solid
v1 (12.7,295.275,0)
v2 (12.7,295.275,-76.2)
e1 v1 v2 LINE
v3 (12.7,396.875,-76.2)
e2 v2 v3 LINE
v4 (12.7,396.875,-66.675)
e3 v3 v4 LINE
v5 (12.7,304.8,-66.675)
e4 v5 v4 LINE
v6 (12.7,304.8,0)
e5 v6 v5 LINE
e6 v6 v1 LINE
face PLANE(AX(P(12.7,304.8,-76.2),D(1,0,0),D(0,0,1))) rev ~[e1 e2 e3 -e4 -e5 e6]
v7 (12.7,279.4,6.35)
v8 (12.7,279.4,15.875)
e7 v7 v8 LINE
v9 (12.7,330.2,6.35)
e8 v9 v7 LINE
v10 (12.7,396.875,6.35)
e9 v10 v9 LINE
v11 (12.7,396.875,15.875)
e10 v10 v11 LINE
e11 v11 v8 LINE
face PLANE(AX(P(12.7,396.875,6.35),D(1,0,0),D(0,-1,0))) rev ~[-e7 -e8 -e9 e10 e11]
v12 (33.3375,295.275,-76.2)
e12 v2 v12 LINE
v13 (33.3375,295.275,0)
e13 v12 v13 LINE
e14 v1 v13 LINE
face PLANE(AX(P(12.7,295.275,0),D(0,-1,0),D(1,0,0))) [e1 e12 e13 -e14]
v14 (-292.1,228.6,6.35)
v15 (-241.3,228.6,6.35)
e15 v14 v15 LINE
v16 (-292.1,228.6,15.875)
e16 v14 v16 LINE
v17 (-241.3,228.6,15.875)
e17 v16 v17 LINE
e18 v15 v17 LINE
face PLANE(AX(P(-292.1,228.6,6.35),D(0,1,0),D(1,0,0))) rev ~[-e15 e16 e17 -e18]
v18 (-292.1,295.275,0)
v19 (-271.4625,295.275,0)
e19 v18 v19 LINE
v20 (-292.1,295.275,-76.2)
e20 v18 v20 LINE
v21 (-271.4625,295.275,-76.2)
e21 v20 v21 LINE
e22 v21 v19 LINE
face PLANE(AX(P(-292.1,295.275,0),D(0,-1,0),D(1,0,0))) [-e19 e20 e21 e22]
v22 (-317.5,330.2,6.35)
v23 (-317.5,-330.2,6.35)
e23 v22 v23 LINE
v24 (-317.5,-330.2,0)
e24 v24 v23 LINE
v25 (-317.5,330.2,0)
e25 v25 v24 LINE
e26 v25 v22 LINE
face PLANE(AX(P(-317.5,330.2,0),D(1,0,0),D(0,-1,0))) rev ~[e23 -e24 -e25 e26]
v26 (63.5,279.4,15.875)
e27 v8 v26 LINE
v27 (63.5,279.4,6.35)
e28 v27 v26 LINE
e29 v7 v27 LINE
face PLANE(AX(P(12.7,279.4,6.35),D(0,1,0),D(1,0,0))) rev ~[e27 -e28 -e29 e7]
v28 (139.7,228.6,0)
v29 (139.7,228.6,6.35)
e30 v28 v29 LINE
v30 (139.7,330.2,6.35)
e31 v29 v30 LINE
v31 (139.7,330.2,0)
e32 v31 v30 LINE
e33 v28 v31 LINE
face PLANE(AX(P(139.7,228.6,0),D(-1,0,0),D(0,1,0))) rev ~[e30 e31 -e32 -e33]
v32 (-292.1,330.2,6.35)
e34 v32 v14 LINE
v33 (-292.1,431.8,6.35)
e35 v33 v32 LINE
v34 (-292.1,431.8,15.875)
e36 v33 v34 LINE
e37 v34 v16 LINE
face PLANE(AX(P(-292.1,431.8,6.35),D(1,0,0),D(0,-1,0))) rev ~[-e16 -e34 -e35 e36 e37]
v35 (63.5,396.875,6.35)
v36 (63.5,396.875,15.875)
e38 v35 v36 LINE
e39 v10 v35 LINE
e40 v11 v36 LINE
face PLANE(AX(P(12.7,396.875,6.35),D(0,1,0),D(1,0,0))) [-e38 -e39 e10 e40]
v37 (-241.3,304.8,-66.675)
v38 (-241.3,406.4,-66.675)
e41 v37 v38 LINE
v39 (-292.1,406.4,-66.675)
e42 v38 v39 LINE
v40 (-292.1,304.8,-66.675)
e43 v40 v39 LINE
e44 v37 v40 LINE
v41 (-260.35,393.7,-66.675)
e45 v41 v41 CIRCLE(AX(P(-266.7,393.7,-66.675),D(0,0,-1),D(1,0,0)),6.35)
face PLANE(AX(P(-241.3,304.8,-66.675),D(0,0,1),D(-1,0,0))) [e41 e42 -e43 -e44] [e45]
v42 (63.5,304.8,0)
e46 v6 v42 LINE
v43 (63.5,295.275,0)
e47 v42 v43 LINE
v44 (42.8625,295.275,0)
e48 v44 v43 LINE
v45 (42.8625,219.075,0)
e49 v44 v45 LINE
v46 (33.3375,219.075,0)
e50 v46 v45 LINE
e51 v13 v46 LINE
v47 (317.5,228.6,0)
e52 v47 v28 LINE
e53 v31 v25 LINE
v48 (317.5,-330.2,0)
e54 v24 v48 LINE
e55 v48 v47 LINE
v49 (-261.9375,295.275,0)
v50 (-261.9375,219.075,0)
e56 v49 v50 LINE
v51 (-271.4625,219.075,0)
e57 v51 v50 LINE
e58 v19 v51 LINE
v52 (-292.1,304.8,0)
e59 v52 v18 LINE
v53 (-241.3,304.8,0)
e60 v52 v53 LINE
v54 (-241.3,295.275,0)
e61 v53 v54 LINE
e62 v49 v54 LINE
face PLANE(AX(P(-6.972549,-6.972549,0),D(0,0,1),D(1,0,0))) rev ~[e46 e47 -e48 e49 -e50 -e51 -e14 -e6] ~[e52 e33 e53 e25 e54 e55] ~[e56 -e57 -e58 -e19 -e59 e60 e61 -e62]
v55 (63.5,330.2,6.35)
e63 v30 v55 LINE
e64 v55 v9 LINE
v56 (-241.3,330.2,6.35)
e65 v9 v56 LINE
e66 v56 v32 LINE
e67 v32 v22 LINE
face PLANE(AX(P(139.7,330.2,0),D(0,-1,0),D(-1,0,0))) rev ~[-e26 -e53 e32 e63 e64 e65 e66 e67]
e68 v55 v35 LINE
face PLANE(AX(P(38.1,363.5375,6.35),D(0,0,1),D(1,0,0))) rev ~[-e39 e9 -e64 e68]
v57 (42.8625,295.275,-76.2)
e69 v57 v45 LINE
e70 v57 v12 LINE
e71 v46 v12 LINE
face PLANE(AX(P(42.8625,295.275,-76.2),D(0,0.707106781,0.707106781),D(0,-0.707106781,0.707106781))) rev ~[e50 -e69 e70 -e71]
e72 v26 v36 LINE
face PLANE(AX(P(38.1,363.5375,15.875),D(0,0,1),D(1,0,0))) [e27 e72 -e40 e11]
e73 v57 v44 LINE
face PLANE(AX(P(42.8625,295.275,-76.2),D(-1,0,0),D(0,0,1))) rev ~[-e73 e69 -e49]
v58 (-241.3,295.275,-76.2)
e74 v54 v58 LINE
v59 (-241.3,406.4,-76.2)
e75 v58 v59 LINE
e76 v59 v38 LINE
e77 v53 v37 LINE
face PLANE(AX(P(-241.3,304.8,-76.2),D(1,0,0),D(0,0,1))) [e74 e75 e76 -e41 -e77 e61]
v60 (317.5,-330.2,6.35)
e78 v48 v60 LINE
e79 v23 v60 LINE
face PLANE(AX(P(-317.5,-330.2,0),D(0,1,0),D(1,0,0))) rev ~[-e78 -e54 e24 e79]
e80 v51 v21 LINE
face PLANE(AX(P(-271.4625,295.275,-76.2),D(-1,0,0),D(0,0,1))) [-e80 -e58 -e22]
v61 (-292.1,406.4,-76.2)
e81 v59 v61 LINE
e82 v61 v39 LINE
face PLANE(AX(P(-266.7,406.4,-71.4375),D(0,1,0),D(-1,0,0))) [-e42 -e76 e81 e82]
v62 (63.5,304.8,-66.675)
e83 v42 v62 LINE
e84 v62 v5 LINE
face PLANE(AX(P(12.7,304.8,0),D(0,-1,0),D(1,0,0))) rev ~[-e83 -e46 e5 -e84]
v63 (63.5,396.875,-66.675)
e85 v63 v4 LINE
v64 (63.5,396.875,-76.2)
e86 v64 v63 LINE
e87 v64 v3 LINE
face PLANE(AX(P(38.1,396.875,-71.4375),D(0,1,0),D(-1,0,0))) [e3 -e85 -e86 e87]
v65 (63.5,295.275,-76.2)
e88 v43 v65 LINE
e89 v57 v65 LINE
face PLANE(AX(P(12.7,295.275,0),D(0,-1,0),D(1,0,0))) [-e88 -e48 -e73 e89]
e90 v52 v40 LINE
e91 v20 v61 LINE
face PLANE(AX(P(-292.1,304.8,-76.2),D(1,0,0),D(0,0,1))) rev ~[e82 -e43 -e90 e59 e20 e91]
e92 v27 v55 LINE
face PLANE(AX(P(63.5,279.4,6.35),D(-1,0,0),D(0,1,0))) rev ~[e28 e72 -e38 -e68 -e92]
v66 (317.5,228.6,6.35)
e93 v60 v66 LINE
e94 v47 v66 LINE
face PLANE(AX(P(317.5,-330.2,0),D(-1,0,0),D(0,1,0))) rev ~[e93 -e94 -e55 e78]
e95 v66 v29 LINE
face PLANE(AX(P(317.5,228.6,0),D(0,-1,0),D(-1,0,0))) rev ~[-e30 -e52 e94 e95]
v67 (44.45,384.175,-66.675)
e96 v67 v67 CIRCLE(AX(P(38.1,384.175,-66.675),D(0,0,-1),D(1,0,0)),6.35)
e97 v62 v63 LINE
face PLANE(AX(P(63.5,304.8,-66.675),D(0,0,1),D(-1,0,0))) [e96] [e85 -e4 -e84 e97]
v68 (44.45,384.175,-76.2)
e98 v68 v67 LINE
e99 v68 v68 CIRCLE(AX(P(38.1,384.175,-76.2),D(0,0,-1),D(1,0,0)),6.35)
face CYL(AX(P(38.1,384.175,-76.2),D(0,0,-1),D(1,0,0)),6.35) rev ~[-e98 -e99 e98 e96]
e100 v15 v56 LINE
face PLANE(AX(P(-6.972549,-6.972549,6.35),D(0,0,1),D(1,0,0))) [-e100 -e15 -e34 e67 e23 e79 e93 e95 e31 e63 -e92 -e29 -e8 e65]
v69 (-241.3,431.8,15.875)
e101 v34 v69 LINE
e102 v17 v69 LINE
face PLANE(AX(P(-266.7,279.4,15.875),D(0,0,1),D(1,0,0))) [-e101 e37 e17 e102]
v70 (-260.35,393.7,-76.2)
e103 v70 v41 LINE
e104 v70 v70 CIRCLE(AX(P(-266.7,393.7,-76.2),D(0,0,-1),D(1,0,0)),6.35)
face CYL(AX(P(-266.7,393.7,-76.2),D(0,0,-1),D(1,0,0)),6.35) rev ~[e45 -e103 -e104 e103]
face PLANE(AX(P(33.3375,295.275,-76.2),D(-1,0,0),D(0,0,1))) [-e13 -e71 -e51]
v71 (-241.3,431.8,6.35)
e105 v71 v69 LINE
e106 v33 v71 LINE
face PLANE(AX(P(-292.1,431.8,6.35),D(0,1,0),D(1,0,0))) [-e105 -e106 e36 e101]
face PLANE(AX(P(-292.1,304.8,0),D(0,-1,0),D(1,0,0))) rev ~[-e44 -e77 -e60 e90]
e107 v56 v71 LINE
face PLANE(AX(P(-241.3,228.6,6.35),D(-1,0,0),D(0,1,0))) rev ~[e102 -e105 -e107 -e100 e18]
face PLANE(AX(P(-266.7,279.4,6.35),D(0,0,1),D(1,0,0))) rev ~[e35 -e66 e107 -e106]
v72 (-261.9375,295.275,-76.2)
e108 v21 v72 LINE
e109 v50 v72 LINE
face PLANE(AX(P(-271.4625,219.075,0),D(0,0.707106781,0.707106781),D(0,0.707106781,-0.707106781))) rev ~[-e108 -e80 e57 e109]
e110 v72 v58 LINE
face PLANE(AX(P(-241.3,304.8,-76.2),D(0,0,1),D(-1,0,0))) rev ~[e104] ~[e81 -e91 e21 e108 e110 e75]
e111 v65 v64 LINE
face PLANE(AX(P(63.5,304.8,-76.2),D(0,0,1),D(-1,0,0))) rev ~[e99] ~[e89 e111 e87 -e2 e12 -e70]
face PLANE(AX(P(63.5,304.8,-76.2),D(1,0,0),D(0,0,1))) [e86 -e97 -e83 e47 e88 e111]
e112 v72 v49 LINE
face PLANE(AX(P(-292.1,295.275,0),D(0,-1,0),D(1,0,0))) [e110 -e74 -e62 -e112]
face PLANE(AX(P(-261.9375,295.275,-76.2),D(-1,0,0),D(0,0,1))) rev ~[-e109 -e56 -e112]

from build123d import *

# Parameters (mm, degrees)
F1_DEPTH  = 6.35
F2_W      = 50.8
F2_H      = 101.6
F3_DEPTH  = 9.525
F4_W      = 50.8
F4_H      = 9.525
F5_DEPTH  = 76.2
F6_W      = 50.8
F6_H      = 9.525
F7_DEPTH  = 92.075
F8_R      = 6.35
F9_DEPTH  = 25.4
F10_W     = 50.8
F10_H     = 66.675
F10_H_2   = 50.8
F11_DEPTH = 9.525
F12_W     = 9.525
F12_H     = 76.2
F13_DEPTH = 76.2
F15_DEPTH = 25.4
F16_W     = 50.8
F16_H     = 9.525
F17_DEPTH = 76.2
F18_W     = 50.8
F18_H     = 9.525
F19_DEPTH = 101.6
F20_R     = 6.35
F21_DEPTH = 25.4
F22_W     = 9.525
F22_H     = 76.2
F23_DEPTH = 76.2
F25_DEPTH = 25.4


with BuildPart() as f1:
    # F0 (on Top) → F1 (new body)
    with BuildSketch(Plane.XY):
        Polygon((-317.5, -330.2), (317.5, -330.2), (317.5, 228.6), (139.7, 228.6), (139.7, 330.2), (-317.5, 330.2), align=None)
    extrude(amount=F1_DEPTH)

    # F2 (on face) → F3 (join)
    with BuildSketch(Plane.XY.offset(6.35)):
        with Locations((-266.7, 279.4)):
            Rectangle(F2_W, F2_H)
        with Locations((-266.7, 381)):
            Rectangle(F2_W, F2_H)
    extrude(amount=F3_DEPTH)

    # F4 (on face) → F5 (join)
    with BuildSketch(Plane(origin=(0, 0, 0), x_dir=(1, 0, 0), z_dir=(0, 0, -1))):
        with Locations((38.1, -300.0375)):
            Rectangle(F4_W, F4_H)
    extrude(amount=F5_DEPTH)

    # F6 (on face) → F7 (join)
    with BuildSketch(Plane(origin=(0, 304.8, 0), x_dir=(-1, 0, 0), z_dir=(0, 1, 0))):
        with Locations((-38.1, -71.4375)):
            Rectangle(F6_W, F6_H)
    extrude(amount=F7_DEPTH)

    # F8 (on face) → F9 (cut)
    with BuildSketch(Plane(origin=(0, 0, -76.2), x_dir=(1, 0, 0), z_dir=(0, 0, -1))):
        with Locations((38.1, -384.175)):
            Circle(F8_R)
    extrude(amount=-F9_DEPTH, mode=Mode.SUBTRACT)

    # F10 (on face) → F11 (join)
    with BuildSketch(Plane.XY.offset(6.35)):
        with Locations((38.1, 363.5375)):
            Rectangle(F10_W, F10_H)
        with Locations((38.1, 304.8)):
            Rectangle(F10_W, F10_H_2)
    extrude(amount=F11_DEPTH)

    # F12 (on face) → F13 (join)
    with BuildSketch(Plane.XZ.offset(-295.275)):
        with Locations((38.1, -38.1)):
            Rectangle(F12_W, F12_H)
    extrude(amount=F13_DEPTH)

    # F14 (on face) → F15 (cut)
    with BuildSketch(Plane.YZ.offset(42.8625)):
        Polygon((219.075, -76.2), (295.275, -76.2), (219.075, 0), align=None)
    extrude(amount=-F15_DEPTH, mode=Mode.SUBTRACT)

    # F16 (on face) → F17 (join)
    with BuildSketch(Plane(origin=(0, 0, 0), x_dir=(1, 0, 0), z_dir=(0, 0, -1))):
        with Locations((-266.7, -300.0375)):
            Rectangle(F16_W, F16_H)
    extrude(amount=F17_DEPTH)

    # F18 (on face) → F19 (join)
    with BuildSketch(Plane(origin=(0, 304.8, 0), x_dir=(-1, 0, 0), z_dir=(0, 1, 0))):
        with Locations((266.7, -71.4375)):
            Rectangle(F18_W, F18_H)
    extrude(amount=F19_DEPTH)

    # F20 (on face) → F21 (cut)
    with BuildSketch(Plane(origin=(0, 0, -76.2), x_dir=(1, 0, 0), z_dir=(0, 0, -1))):
        with Locations((-266.7, -393.7)):
            Circle(F20_R)
    extrude(amount=-F21_DEPTH, mode=Mode.SUBTRACT)

    # F22 (on face) → F23 (join)
    with BuildSketch(Plane.XZ.offset(-295.275)):
        with Locations((-266.7, -38.1)):
            Rectangle(F22_W, F22_H)
    extrude(amount=F23_DEPTH)

    # F24 (on face) → F25 (cut)
    with BuildSketch(Plane(origin=(-271.4625, 0, 0), x_dir=(0, -1, 0), z_dir=(-1, 0, 0))):
        Polygon((-219.075, 0), (-295.275, -76.2), (-219.075, -76.2), align=None)
    extrude(amount=-F25_DEPTH, mode=Mode.SUBTRACT)


solid = f1.part
